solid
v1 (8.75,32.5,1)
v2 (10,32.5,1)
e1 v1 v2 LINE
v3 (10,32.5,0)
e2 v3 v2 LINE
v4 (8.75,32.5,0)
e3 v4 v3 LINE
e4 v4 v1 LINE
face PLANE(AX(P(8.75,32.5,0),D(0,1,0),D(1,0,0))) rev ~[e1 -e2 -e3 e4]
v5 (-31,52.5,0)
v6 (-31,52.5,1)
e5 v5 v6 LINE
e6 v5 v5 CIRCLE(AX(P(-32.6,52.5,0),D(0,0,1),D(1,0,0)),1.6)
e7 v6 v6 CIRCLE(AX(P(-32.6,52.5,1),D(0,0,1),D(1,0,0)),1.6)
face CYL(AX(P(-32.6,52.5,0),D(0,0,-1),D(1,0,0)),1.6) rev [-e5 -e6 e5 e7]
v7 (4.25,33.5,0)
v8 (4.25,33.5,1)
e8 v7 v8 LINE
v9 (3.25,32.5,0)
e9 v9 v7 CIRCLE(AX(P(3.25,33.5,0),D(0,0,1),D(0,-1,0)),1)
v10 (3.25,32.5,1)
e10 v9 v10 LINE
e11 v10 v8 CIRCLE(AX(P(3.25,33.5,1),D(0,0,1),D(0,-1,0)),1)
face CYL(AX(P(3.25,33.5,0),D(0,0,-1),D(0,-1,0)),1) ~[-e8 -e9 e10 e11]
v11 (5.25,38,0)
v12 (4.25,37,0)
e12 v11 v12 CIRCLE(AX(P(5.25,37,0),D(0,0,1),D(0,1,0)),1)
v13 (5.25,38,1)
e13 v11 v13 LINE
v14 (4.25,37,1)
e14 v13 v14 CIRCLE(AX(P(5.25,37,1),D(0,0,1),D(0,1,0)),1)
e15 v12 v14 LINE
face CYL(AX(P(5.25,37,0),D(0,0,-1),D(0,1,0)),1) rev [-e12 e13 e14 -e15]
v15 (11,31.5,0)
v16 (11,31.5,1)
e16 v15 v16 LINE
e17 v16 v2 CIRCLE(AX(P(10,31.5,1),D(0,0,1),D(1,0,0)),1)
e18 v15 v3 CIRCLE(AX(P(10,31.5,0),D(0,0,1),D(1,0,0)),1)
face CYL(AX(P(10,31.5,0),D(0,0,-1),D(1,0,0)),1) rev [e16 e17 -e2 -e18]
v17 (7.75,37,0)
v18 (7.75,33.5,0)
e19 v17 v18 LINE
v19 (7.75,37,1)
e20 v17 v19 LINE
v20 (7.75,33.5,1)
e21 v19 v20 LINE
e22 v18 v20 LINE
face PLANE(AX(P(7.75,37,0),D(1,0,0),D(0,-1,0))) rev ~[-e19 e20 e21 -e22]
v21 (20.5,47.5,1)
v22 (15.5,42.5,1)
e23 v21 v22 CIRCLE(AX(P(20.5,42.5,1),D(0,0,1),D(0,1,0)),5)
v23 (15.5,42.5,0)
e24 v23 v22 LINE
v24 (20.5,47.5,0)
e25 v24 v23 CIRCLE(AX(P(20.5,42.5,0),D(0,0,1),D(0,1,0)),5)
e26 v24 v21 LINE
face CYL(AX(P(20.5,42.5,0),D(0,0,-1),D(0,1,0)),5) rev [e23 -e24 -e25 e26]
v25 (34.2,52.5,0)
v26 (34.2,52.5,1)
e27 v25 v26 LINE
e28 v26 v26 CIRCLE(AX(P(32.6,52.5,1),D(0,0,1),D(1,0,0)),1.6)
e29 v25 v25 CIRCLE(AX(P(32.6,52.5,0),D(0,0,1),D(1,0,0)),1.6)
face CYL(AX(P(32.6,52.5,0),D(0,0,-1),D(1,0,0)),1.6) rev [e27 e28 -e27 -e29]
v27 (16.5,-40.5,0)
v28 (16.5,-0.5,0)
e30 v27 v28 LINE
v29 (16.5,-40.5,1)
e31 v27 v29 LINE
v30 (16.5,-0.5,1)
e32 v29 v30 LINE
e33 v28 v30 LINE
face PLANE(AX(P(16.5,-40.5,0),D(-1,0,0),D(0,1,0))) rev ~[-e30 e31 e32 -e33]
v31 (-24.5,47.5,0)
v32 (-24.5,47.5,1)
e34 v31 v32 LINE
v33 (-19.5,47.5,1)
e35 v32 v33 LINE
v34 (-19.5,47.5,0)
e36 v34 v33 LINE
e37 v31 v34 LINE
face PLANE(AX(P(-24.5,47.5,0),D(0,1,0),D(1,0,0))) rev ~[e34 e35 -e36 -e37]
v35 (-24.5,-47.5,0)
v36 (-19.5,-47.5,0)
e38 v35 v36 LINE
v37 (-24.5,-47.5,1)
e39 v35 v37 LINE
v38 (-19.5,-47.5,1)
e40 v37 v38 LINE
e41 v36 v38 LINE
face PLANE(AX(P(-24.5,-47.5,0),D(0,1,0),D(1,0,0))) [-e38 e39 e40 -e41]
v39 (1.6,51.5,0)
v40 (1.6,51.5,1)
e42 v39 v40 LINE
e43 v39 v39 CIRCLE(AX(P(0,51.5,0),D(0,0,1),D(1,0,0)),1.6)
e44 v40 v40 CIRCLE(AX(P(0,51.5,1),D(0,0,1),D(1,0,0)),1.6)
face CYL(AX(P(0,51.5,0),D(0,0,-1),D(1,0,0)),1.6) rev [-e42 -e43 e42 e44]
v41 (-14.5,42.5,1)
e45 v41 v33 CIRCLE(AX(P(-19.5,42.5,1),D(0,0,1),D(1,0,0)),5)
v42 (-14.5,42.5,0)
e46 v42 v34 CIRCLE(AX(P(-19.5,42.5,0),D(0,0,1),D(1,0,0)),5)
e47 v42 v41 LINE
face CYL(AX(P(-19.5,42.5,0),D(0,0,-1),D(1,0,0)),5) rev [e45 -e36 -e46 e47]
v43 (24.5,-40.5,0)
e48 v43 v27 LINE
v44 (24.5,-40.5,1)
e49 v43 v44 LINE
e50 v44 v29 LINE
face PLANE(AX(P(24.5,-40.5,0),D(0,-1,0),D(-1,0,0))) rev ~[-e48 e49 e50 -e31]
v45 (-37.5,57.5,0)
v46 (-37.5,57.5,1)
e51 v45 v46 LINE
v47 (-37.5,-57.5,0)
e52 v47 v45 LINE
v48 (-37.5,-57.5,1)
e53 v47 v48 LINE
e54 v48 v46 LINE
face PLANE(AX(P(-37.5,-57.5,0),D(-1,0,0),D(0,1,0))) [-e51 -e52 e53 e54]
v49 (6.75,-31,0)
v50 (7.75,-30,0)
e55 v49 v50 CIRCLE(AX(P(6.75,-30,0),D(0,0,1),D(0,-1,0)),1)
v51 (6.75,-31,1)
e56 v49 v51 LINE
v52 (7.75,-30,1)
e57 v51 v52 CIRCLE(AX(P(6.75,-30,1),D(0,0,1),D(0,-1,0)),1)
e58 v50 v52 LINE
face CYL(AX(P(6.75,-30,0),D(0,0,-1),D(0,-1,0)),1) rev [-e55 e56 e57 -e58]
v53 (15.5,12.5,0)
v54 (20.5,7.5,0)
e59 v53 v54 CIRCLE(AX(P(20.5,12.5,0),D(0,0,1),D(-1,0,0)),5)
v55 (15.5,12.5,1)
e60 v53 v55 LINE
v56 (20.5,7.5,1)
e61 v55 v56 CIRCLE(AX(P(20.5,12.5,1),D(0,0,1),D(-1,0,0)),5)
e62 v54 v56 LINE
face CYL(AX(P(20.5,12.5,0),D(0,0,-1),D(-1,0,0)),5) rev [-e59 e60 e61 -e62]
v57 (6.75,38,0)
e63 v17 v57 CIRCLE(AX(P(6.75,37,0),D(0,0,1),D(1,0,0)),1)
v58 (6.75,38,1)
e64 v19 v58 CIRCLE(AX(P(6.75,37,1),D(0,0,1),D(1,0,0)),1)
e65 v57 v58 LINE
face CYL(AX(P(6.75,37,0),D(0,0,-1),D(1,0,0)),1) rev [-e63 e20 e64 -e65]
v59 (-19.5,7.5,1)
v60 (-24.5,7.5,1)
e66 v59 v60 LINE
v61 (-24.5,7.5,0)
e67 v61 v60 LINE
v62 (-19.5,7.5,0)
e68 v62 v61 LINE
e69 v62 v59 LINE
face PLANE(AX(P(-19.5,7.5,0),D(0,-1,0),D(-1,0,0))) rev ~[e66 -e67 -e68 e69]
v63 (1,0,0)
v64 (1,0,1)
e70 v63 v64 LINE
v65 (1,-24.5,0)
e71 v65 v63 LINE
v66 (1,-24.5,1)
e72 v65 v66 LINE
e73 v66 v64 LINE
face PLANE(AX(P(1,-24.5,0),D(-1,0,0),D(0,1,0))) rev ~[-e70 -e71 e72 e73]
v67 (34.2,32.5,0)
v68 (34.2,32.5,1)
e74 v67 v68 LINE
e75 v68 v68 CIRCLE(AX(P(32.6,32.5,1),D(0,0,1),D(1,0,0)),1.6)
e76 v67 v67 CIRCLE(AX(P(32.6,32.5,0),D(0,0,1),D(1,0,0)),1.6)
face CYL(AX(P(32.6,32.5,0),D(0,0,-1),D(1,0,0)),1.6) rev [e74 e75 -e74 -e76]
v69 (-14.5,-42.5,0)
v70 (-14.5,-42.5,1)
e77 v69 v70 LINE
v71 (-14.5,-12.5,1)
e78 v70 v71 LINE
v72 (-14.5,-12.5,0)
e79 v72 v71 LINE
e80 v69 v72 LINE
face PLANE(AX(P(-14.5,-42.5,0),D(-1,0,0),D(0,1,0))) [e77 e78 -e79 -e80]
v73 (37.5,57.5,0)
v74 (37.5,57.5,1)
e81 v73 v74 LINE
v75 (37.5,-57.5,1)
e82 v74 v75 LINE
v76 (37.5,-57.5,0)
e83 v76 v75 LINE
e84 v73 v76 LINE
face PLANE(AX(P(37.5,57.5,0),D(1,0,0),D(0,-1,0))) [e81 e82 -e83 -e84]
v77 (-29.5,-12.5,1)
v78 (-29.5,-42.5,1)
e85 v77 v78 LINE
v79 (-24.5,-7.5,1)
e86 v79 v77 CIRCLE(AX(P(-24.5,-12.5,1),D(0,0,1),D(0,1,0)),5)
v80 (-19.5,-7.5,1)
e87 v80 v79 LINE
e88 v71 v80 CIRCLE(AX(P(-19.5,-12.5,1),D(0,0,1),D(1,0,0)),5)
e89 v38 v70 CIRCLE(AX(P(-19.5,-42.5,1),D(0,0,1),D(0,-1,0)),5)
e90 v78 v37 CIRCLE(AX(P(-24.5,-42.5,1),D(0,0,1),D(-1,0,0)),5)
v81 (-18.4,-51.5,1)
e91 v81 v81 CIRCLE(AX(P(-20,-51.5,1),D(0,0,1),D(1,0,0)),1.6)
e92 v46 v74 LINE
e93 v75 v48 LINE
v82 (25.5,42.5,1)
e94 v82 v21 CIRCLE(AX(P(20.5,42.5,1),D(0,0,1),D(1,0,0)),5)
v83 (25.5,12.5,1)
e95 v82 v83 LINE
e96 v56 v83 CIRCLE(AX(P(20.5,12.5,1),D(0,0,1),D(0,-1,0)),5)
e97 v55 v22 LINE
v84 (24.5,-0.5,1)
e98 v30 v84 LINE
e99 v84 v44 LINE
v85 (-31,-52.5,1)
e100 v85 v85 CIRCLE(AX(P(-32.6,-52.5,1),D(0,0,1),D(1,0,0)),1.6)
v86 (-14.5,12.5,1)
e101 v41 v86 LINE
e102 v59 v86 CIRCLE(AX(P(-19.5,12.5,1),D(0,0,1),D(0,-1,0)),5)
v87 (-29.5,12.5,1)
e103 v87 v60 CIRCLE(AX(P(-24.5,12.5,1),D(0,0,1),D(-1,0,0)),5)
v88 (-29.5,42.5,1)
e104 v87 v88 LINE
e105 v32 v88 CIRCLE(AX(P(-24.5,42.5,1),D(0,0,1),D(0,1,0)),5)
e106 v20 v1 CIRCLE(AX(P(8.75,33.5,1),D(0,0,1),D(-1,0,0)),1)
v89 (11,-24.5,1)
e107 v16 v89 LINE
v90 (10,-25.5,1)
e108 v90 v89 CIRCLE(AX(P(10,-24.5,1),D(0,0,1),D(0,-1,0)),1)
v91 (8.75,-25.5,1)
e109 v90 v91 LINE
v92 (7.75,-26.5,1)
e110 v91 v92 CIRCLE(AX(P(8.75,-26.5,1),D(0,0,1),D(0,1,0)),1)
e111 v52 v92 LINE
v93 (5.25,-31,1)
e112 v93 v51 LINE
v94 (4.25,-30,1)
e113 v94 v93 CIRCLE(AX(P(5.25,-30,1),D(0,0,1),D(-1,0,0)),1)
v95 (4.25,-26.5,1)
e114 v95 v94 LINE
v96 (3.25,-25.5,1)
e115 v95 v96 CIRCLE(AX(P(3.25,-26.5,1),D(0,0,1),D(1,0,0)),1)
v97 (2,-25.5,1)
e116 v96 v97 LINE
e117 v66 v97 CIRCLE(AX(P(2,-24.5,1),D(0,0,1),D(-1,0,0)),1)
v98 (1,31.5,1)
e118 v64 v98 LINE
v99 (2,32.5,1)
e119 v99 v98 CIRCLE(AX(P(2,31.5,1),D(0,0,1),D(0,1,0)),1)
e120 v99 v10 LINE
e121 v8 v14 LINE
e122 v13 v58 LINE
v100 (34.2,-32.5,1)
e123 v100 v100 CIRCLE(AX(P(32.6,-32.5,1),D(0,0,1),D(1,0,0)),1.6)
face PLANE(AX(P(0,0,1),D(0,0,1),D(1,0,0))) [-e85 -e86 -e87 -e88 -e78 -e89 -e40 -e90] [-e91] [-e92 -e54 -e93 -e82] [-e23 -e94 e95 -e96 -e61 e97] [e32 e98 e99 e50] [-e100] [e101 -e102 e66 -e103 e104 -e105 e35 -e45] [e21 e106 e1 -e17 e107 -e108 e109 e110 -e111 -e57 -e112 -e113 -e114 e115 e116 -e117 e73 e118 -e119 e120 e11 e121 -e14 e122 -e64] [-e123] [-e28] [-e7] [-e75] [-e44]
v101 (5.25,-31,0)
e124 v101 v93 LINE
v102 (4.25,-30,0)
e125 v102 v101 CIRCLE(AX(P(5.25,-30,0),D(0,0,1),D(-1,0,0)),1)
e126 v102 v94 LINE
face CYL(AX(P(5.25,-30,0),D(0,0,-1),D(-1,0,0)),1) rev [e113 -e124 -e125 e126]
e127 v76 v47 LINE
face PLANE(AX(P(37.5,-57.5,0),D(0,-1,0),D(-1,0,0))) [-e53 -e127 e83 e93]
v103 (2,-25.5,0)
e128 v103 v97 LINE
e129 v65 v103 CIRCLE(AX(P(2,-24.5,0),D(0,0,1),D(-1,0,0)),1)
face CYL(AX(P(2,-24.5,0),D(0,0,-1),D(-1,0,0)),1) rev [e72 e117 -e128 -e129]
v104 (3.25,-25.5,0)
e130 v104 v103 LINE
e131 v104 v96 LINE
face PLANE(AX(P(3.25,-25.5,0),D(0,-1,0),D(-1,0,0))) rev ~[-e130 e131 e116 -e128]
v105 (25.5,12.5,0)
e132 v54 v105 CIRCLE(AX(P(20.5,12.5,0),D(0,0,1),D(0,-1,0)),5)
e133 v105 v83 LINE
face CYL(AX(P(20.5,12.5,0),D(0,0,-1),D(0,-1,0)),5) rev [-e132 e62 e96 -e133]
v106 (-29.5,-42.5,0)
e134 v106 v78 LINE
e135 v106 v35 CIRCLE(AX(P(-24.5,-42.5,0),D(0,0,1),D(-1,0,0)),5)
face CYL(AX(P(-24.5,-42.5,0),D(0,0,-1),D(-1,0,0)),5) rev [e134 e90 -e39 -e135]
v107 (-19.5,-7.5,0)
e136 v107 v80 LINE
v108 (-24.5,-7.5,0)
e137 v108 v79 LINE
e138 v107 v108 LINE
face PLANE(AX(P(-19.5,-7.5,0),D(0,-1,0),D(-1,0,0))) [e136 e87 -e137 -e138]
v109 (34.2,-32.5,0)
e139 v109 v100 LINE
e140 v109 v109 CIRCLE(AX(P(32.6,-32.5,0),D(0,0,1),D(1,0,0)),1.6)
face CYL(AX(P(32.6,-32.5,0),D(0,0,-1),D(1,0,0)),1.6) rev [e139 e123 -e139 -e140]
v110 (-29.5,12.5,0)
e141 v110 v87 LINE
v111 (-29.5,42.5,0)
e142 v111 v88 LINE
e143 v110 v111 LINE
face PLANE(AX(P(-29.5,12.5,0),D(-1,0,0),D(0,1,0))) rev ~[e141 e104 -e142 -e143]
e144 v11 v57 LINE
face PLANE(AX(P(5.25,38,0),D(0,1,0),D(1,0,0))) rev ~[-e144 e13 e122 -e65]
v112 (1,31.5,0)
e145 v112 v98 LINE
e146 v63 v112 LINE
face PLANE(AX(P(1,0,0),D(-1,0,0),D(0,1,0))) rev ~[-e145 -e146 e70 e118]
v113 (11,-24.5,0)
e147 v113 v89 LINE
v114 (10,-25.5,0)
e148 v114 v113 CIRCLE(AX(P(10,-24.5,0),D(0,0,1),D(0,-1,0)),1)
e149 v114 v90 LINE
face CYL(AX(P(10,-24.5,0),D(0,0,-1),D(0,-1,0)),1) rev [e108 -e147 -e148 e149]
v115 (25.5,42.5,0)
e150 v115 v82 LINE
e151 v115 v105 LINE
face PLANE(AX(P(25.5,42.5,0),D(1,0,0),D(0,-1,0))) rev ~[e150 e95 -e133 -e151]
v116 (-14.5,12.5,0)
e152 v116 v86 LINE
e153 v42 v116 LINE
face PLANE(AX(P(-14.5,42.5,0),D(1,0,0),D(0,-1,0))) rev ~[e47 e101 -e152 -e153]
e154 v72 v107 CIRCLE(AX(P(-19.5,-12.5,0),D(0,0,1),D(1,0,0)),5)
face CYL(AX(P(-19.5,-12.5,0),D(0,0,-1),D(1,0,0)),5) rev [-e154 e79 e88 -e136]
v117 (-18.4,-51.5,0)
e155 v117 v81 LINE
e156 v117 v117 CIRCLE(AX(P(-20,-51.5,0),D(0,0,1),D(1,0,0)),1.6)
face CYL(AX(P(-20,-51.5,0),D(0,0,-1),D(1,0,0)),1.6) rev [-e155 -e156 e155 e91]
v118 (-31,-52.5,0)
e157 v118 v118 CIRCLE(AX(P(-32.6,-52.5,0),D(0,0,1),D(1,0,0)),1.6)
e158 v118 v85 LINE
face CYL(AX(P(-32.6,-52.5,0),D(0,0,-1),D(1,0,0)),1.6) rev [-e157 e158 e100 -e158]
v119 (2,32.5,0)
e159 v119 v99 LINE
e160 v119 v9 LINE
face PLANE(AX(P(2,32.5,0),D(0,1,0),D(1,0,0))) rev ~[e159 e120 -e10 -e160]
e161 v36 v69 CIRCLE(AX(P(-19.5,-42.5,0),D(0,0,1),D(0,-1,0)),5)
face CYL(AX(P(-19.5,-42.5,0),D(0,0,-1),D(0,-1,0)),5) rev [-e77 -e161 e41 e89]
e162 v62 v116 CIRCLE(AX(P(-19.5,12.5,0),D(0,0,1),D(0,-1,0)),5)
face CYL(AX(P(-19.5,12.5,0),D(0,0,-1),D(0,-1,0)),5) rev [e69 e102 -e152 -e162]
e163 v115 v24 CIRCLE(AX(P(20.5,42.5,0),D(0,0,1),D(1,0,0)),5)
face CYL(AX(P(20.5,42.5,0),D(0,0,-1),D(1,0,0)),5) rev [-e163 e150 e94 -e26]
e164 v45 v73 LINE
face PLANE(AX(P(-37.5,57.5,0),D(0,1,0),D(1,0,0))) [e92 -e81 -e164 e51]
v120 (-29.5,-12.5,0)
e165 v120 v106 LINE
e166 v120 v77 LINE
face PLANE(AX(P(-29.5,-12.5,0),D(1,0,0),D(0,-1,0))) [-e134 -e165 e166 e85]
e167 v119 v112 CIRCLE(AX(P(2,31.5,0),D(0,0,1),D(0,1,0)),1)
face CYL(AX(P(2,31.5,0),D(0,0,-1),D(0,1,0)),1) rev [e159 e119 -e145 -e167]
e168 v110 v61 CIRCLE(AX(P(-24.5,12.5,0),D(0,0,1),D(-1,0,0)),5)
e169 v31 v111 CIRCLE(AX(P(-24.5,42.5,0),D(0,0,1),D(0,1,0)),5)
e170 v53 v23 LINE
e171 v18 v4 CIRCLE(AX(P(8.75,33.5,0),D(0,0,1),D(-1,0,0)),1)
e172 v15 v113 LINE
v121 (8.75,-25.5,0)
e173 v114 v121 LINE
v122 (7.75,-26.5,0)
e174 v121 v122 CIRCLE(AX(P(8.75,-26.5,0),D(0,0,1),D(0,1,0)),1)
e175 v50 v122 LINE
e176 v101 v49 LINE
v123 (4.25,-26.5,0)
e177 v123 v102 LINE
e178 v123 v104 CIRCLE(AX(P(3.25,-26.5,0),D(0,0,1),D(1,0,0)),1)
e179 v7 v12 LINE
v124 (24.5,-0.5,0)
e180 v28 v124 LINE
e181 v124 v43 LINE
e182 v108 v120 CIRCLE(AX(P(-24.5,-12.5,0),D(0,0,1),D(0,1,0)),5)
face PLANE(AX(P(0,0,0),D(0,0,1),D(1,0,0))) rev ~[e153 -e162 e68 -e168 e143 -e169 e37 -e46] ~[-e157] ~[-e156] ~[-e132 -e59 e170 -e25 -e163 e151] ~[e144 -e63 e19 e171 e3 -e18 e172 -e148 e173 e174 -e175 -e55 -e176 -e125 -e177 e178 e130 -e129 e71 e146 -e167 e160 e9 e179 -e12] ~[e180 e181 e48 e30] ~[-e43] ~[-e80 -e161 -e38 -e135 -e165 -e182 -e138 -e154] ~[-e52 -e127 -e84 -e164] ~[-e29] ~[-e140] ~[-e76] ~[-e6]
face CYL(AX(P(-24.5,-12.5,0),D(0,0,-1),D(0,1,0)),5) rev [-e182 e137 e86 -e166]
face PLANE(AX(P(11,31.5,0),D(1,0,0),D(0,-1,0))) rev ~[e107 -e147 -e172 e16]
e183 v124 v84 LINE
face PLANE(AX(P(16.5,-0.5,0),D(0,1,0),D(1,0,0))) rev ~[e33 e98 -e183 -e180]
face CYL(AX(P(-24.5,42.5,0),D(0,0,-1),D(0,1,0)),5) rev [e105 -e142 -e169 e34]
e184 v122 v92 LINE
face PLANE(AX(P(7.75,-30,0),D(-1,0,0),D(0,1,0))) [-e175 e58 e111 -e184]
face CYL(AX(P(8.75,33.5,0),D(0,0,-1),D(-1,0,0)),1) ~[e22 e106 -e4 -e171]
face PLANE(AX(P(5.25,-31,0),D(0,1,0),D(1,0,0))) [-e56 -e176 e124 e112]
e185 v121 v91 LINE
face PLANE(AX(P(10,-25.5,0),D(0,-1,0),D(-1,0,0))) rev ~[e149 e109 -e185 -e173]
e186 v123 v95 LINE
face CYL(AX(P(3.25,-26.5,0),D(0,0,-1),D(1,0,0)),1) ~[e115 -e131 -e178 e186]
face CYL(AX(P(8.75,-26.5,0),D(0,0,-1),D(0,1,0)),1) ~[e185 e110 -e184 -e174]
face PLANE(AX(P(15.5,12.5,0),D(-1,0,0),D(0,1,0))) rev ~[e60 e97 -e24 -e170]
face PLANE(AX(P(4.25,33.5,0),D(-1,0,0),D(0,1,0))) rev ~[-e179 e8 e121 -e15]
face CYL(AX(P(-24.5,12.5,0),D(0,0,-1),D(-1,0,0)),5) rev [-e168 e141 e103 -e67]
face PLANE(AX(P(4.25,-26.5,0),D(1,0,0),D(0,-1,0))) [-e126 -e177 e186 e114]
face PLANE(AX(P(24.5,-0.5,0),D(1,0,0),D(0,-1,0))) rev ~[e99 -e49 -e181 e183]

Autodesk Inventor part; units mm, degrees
ref_plane "YZ Plane" through (0, 0, 0) normal (1, 0, 0) x (0, 1, 0)
ref_plane "XZ Plane" through (0, 0, 0) normal (0, 1, 0) x (-1, 0, 0)
ref_plane "XY Plane" through (0, 0, 0) normal (0, 0, 1) x (1, 0, 0)
sketch "Sketch1" plane through (0, 0, 0) normal (0, 0, 1) x (1, 0, 0)
  line L0 (-37.5, 57.5) -> (37.5, 57.5)
  line L1 (37.5, 57.5) -> (37.5, -57.5)
  line L2 (37.5, -57.5) -> (-37.5, -57.5)
  line L3 (-37.5, -57.5) -> (-37.5, 57.5)
  line L4 (-37.5, 57.5) -> (37.5, -57.5) construction
  line L5 (37.5, 57.5) -> (-37.5, -57.5) construction
  line L6 (11, 31.5) -> (11, -24.5)
  line L7 (1, -24.5) -> (1, 31.5)
  line L8 (1, 32.5) -> (11, -25.5) construction
  line L9 (11, 32.5) -> (1, -25.5) construction
  line L10 (5.25, 38) -> (6.75, 38)
  line L11 (7.75, 37) -> (7.75, 33.5)
  line L12 (4.25, 33.5) -> (4.25, 37)
  line L13 (4.25, 38) -> (7.75, 32.5) construction
  line L14 (7.75, 38) -> (4.25, 32.5) construction
  line L15 (5.25, -31) -> (6.75, -31)
  line L16 (7.75, -30) -> (7.75, -26.5)
  line L17 (4.25, -26.5) -> (4.25, -30)
  line L18 (4.25, -31) -> (7.75, -25.5) construction
  line L19 (7.75, -31) -> (4.25, -25.5) construction
  circle A0 centre (-32.6, 52.5) radius 1.6
  line L20 (0, 0) -> (0, 3.4669)
  line L21 (0, 0) -> (3.1568, 0)
  circle A1 centre (32.6, 52.5) radius 1.6
  circle A2 centre (-32.6, -52.5) radius 1.6
  circle A3 centre (-20, -51.5) radius 1.6
  circle A4 centre (32.6, -32.5) radius 1.6
  circle A5 centre (32.6, 32.5) radius 1.6
  circle A6 centre (0, 51.5) radius 1.6
  line L22 (16.5, -0.5) -> (24.5, -0.5)
  line L23 (24.5, -0.5) -> (24.5, -40.5)
  line L24 (24.5, -40.5) -> (16.5, -40.5)
  line L25 (16.5, -40.5) -> (16.5, -0.5)
  line L26 (16.5, -0.5) -> (24.5, -40.5) construction
  line L27 (24.5, -0.5) -> (16.5, -40.5) construction
  line L28 (-24.5, 47.5) -> (-19.5, 47.5)
  line L29 (-14.5, 42.5) -> (-14.5, 12.5)
  line L30 (-19.5, 7.5) -> (-24.5, 7.5)
  line L31 (-29.5, 12.5) -> (-29.5, 42.5)
  line L32 (-29.5, 47.5) -> (-14.5, 7.5) construction
  line L33 (-14.5, 47.5) -> (-29.5, 7.5) construction
  arc A7 (-24.5, 47.5) -> (-29.5, 42.5) centre (-24.5, 42.5) ccw
  arc A8 (-14.5, 42.5) -> (-19.5, 47.5) centre (-19.5, 42.5) ccw
  arc A9 (-19.5, 7.5) -> (-14.5, 12.5) centre (-19.5, 12.5) ccw
  arc A10 (-29.5, 12.5) -> (-24.5, 7.5) centre (-24.5, 12.5) ccw
  line L34 (-24.5, -47.5) -> (-19.5, -47.5)
  line L35 (-14.5, -42.5) -> (-14.5, -12.5)
  line L36 (-19.5, -7.5) -> (-24.5, -7.5)
  line L37 (-29.5, -12.5) -> (-29.5, -42.5)
  line L38 (-29.5, -47.5) -> (-14.5, -7.5) construction
  line L39 (-14.5, -47.5) -> (-29.5, -7.5) construction
  arc A11 (-29.5, -42.5) -> (-24.5, -47.5) centre (-24.5, -42.5) ccw
  arc A12 (-19.5, -47.5) -> (-14.5, -42.5) centre (-19.5, -42.5) ccw
  arc A13 (-14.5, -12.5) -> (-19.5, -7.5) centre (-19.5, -12.5) ccw
  arc A14 (-24.5, -7.5) -> (-29.5, -12.5) centre (-24.5, -12.5) ccw
  line L40 (20.5, 47.5) -> (20.5, 47.5)
  line L41 (25.5, 42.5) -> (25.5, 12.5)
  line L42 (20.5, 7.5) -> (20.5, 7.5)
  line L43 (15.5, 12.5) -> (15.5, 42.5)
  line L44 (15.5, 47.5) -> (25.5, 7.5) construction
  line L45 (25.5, 47.5) -> (15.5, 7.5) construction
  arc A15 (20.5, 47.5) -> (15.5, 42.5) centre (20.5, 42.5) ccw
  arc A16 (25.5, 42.5) -> (20.5, 47.5) centre (20.5, 42.5) ccw
  arc A17 (20.5, 7.5) -> (25.5, 12.5) centre (20.5, 12.5) ccw
  arc A18 (15.5, 12.5) -> (20.5, 7.5) centre (20.5, 12.5) ccw
  arc A19 (5.25, 38) -> (4.25, 37) centre (5.25, 37) ccw
  arc A20 (7.75, 37) -> (6.75, 38) centre (6.75, 37) ccw
  arc A21 (4.25, -30) -> (5.25, -31) centre (5.25, -30) ccw
  arc A22 (6.75, -31) -> (7.75, -30) centre (6.75, -30) ccw
  line L46 (10, -25.5) -> (8.75, -25.5)
  line L47 (3.25, -25.5) -> (2, -25.5)
  line L48 (2, 32.5) -> (3.25, 32.5)
  line L49 (8.75, 32.5) -> (10, 32.5)
  arc A23 (2, 32.5) -> (1, 31.5) centre (2, 31.5) ccw
  arc A24 (3.25, 32.5) -> (4.25, 33.5) centre (3.25, 33.5) ccw
  arc A25 (7.75, 33.5) -> (8.75, 32.5) centre (8.75, 33.5) ccw
  arc A26 (11, 31.5) -> (10, 32.5) centre (10, 31.5) ccw
  arc A27 (10, -25.5) -> (11, -24.5) centre (10, -24.5) ccw
  arc A28 (8.75, -25.5) -> (7.75, -26.5) centre (8.75, -26.5) ccw
  arc A29 (4.25, -26.5) -> (3.25, -25.5) centre (3.25, -26.5) ccw
  arc A30 (1, -24.5) -> (2, -25.5) centre (2, -24.5) ccw
  point P0 (6, 3.5)
  point P1 (6, 35.25)
  point P2 (6, -28.25)
  point P3 (20.5, -20.5)
  point P4 (-22, 27.5)
  point P5 (-22, -27.5)
  point P6 (20.5, 27.5)
  point P7 (0, -57.5)
  point P8 (0, 57.5)
  dimension "d0" = 75
  dimension "d1" = 115
  dimension "d2" = 3.5
  dimension "d3" = 5.5
  dimension "d4" = 10
  dimension "d5" = 58
  dimension "d6" = 26.5
  dimension "d9" = 3.2
  dimension "d10" = 5
  dimension "d11" = 4.9
  dimension "d14" = 3.2
  dimension "d15" = 6
  dimension "d16" = 3.2
  dimension "d18" = 4.9
  dimension "d19" = 25
  dimension "d20" = 8
  dimension "d21" = 40
  dimension "d23" = 13
  dimension "d24" = 17
  dimension "d25" = 15
  dimension "d26" = 40
  dimension "d27" = 5
  dimension "d28" = 10
  dimension "d29" = 8
  dimension "d30" = 40
  dimension "d31" = 10
  dimension "d32" = 12
  dimension "d33" = 10
  dimension "d34" = 5
  dimension "d36" = 20
  dimension "d37" = 6
  dimension "d38" = 0
  dimension "d39" = 3.2
  dimension "d40" = 1
  dimension "d41" = 25
  dimension "d42" = 1
extrude "Plate1" add sketch "Sketch1" along normal blind 1
equation "\"d8\" = 厚度"
equation "\"折彎半徑\" = 厚度"
equation "\"折彎離隙寬度\" = 厚度"
equation "\"折彎離隙深度\" = 0.5 * 厚度"
equation "\"轉角離隙大小\" = 4 * 厚度"
equation "\"最小剩餘\" = 2 * 厚度"
equation "\"轉移半徑\" = 折彎半徑"
equation "\"Jacobi半徑大小\" = 折彎半徑"
equation "\"間隙大小\" = 厚度"
equation "\"厚度\" = 1"
properties part number "PCB_board_box_back" material "Aluminum"
